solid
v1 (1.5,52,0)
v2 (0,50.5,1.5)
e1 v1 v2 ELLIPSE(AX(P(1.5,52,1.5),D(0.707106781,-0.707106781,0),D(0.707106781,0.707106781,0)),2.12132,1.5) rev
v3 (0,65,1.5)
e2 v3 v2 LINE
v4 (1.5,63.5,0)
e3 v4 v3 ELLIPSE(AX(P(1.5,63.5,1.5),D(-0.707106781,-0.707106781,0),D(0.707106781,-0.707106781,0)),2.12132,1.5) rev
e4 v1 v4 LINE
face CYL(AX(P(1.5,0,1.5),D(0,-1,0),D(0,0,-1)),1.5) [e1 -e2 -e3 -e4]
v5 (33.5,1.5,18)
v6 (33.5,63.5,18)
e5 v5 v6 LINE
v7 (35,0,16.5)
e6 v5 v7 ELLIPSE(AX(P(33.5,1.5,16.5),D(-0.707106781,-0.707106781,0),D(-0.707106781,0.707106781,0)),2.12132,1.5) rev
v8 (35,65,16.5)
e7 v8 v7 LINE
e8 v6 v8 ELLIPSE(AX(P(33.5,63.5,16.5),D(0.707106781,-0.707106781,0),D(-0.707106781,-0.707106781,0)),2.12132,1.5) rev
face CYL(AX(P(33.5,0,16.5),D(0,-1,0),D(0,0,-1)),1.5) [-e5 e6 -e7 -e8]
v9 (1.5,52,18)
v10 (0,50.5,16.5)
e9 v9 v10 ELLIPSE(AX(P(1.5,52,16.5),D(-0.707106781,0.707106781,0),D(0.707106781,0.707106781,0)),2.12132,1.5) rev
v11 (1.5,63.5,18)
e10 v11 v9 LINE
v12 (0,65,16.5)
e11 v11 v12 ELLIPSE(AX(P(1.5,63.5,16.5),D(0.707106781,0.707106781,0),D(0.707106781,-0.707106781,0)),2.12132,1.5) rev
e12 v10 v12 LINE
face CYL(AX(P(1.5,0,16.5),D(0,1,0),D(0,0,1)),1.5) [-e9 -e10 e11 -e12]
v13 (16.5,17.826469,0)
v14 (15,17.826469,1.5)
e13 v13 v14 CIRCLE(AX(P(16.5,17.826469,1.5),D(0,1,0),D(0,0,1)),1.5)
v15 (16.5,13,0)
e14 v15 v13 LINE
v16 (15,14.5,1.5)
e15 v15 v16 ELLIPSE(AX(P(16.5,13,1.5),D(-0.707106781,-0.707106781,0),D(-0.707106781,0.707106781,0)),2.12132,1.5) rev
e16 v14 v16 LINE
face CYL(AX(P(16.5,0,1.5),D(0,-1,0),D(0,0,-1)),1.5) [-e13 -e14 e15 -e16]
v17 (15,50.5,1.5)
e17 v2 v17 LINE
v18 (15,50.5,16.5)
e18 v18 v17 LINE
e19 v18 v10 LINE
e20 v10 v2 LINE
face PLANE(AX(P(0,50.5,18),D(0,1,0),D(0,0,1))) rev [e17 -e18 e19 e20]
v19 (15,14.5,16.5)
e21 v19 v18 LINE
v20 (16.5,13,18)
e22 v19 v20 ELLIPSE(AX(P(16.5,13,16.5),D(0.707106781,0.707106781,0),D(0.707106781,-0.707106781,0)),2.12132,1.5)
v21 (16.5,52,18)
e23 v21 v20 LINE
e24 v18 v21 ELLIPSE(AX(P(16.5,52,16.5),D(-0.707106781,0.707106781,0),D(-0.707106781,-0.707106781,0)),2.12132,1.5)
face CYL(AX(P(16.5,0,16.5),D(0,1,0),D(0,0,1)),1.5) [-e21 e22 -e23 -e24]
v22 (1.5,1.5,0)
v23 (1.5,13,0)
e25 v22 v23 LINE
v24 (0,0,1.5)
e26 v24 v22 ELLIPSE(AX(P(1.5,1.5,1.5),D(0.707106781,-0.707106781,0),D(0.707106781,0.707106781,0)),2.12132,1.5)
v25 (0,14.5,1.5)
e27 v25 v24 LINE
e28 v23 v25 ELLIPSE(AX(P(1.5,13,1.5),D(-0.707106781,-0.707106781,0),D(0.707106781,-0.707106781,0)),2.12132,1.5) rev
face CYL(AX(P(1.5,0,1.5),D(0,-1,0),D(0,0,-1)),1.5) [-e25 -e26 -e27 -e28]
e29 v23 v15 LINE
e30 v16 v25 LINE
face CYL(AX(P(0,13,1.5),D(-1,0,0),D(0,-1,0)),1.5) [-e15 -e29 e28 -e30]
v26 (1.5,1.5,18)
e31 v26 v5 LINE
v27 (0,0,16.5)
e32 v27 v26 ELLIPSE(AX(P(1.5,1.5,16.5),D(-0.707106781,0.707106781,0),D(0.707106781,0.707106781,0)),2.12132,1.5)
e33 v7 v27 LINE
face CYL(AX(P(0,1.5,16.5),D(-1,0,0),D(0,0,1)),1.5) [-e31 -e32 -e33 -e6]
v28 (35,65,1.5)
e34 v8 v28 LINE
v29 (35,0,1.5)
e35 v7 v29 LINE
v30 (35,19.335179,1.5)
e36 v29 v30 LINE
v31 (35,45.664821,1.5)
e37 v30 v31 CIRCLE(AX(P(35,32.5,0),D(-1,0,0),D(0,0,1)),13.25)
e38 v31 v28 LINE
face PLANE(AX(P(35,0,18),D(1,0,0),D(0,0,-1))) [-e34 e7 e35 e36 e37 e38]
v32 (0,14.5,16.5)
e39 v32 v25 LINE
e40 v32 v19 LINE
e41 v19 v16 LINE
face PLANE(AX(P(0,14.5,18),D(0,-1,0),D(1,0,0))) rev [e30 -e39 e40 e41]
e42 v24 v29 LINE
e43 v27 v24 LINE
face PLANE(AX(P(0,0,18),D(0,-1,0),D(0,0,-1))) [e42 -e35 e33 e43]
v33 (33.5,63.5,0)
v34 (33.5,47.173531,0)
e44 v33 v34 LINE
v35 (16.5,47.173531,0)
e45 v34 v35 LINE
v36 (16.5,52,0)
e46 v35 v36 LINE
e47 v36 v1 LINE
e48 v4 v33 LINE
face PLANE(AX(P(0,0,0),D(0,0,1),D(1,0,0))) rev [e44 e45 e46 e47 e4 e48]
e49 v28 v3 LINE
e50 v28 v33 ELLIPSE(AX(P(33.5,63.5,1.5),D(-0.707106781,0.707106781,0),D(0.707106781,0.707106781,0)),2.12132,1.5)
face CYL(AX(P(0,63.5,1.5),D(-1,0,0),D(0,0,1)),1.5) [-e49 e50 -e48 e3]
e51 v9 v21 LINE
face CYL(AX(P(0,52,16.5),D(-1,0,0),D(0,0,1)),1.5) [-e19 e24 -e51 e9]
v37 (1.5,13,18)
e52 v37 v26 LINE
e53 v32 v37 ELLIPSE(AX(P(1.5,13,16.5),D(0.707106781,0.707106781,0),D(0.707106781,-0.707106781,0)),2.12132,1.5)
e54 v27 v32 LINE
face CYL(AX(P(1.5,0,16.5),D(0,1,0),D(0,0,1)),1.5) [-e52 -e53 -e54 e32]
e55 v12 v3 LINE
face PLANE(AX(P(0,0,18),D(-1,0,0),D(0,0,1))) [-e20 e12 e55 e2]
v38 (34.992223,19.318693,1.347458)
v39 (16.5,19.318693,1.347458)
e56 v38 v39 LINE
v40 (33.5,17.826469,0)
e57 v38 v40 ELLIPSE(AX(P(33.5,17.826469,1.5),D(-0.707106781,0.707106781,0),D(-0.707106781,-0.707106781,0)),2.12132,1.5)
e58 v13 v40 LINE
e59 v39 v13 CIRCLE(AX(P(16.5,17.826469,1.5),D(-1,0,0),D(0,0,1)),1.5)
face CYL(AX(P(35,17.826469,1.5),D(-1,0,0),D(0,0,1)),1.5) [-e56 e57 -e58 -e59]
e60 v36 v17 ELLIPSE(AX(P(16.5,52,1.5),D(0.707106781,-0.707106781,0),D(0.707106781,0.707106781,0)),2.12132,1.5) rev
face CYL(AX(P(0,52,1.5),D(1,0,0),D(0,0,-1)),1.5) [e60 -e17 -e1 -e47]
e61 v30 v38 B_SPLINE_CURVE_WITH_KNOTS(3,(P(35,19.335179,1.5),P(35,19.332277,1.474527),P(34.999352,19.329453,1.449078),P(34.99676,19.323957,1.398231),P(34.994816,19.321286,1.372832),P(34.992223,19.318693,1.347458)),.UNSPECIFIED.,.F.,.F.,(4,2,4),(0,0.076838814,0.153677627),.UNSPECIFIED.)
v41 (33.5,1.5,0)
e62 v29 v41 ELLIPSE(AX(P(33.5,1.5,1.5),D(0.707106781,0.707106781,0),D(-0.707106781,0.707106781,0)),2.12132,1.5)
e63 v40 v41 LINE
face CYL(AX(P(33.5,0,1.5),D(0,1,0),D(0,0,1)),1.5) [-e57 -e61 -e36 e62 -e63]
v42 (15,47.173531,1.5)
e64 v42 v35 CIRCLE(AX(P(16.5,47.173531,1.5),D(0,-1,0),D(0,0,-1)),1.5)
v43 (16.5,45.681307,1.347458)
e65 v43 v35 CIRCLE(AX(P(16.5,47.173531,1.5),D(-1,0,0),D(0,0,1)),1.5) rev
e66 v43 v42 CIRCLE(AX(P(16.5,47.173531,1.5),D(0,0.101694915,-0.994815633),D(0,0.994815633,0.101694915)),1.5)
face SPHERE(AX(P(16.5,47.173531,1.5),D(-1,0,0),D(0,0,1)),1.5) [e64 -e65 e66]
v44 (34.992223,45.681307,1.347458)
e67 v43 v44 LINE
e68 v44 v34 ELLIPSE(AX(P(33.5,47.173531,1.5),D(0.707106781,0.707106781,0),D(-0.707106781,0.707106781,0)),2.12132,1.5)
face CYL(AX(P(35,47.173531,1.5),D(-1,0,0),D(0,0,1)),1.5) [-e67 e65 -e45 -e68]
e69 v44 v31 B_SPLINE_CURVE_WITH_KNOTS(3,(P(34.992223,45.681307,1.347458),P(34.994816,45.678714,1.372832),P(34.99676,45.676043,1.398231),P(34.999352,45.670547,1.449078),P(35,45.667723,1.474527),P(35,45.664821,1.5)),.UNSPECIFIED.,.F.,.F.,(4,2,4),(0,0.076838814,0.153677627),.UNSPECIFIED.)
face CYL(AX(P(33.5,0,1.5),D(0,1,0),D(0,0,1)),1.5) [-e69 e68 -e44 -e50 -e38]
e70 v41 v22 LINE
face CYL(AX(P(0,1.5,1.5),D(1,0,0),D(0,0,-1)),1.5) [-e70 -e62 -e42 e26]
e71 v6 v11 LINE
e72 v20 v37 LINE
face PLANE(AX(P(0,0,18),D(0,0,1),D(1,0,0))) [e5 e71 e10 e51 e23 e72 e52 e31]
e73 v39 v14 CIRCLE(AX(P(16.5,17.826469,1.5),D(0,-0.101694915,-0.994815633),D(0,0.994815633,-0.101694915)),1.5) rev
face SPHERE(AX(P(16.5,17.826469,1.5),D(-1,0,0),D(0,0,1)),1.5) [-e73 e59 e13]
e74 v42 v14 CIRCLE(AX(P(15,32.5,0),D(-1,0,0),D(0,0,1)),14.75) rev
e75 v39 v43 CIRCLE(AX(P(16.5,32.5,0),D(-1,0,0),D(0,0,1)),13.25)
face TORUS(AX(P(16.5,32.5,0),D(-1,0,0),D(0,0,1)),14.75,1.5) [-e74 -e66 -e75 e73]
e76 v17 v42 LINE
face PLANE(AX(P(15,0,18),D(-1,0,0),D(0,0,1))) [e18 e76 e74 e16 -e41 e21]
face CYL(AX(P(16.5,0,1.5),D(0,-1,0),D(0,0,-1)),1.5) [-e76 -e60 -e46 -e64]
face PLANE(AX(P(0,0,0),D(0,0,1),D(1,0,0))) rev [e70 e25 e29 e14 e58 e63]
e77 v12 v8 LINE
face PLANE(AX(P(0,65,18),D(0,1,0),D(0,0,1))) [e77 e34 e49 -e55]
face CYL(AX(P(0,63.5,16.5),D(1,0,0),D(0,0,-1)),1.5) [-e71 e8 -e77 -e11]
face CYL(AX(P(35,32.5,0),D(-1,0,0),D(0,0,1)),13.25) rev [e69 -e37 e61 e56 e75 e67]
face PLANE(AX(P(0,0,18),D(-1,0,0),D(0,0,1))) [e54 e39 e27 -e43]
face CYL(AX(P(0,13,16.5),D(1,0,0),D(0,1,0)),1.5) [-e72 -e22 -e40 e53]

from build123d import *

# Parameters (mm, degrees)
EXTRUDE_1_DEPTH     = 18
SKETCH_2_R          = 13.25
CUT_EXTRUDE_1_DEPTH = 76.986840966
FILLET_1_R          = 1.5


with BuildPart() as part:
    # ｽｹｯﾁ1 → ﾎﾞｽ - 押し出し1 (new body)
    with BuildSketch(Plane.XY):
        Polygon((0, 0), (0, 14.5), (15, 14.5), (15, 50.5), (0, 50.5), (0, 65), (35, 65), (35, 0), align=None)
    extrude(amount=EXTRUDE_1_DEPTH)

    # ｽｹｯﾁ2 → ｶｯﾄ - 押し出し1 (cut, through all)
    with BuildSketch(Plane.ZY):
        with Locations((0, 32.5)):
            Circle(SKETCH_2_R)
    extrude(amount=-CUT_EXTRUDE_1_DEPTH, mode=Mode.SUBTRACT)

    # ﾌｨﾚｯﾄ1
    fillet_1_edges = [part.edges().sort_by_distance(p)[0] for p in [
        (0, 57.75, 0),
        (17.5, 65, 0),
        (7.5, 14.5, 18),
        (35, 55.375, 0),
        (17.5, 0, 0),
        (0, 7.25, 0),
        (7.5, 14.5, 0),
        (15, 16.875, 0),
        (0, 7.25, 18),
        (17.5, 0, 18),
        (35, 32.5, 18),
        (15, 48.125, 0),
        (35, 9.625, 0),
        (25, 19.25, 0),
        (25, 45.75, 0),
        (17.5, 65, 18),
        (15, 32.5, 13.25),
        (0, 57.75, 18),
        (7.5, 50.5, 18),
        (15, 32.5, 18),
        (7.5, 50.5, 0),
    ]]
    fillet(fillet_1_edges, radius=FILLET_1_R)


solid = part.part
